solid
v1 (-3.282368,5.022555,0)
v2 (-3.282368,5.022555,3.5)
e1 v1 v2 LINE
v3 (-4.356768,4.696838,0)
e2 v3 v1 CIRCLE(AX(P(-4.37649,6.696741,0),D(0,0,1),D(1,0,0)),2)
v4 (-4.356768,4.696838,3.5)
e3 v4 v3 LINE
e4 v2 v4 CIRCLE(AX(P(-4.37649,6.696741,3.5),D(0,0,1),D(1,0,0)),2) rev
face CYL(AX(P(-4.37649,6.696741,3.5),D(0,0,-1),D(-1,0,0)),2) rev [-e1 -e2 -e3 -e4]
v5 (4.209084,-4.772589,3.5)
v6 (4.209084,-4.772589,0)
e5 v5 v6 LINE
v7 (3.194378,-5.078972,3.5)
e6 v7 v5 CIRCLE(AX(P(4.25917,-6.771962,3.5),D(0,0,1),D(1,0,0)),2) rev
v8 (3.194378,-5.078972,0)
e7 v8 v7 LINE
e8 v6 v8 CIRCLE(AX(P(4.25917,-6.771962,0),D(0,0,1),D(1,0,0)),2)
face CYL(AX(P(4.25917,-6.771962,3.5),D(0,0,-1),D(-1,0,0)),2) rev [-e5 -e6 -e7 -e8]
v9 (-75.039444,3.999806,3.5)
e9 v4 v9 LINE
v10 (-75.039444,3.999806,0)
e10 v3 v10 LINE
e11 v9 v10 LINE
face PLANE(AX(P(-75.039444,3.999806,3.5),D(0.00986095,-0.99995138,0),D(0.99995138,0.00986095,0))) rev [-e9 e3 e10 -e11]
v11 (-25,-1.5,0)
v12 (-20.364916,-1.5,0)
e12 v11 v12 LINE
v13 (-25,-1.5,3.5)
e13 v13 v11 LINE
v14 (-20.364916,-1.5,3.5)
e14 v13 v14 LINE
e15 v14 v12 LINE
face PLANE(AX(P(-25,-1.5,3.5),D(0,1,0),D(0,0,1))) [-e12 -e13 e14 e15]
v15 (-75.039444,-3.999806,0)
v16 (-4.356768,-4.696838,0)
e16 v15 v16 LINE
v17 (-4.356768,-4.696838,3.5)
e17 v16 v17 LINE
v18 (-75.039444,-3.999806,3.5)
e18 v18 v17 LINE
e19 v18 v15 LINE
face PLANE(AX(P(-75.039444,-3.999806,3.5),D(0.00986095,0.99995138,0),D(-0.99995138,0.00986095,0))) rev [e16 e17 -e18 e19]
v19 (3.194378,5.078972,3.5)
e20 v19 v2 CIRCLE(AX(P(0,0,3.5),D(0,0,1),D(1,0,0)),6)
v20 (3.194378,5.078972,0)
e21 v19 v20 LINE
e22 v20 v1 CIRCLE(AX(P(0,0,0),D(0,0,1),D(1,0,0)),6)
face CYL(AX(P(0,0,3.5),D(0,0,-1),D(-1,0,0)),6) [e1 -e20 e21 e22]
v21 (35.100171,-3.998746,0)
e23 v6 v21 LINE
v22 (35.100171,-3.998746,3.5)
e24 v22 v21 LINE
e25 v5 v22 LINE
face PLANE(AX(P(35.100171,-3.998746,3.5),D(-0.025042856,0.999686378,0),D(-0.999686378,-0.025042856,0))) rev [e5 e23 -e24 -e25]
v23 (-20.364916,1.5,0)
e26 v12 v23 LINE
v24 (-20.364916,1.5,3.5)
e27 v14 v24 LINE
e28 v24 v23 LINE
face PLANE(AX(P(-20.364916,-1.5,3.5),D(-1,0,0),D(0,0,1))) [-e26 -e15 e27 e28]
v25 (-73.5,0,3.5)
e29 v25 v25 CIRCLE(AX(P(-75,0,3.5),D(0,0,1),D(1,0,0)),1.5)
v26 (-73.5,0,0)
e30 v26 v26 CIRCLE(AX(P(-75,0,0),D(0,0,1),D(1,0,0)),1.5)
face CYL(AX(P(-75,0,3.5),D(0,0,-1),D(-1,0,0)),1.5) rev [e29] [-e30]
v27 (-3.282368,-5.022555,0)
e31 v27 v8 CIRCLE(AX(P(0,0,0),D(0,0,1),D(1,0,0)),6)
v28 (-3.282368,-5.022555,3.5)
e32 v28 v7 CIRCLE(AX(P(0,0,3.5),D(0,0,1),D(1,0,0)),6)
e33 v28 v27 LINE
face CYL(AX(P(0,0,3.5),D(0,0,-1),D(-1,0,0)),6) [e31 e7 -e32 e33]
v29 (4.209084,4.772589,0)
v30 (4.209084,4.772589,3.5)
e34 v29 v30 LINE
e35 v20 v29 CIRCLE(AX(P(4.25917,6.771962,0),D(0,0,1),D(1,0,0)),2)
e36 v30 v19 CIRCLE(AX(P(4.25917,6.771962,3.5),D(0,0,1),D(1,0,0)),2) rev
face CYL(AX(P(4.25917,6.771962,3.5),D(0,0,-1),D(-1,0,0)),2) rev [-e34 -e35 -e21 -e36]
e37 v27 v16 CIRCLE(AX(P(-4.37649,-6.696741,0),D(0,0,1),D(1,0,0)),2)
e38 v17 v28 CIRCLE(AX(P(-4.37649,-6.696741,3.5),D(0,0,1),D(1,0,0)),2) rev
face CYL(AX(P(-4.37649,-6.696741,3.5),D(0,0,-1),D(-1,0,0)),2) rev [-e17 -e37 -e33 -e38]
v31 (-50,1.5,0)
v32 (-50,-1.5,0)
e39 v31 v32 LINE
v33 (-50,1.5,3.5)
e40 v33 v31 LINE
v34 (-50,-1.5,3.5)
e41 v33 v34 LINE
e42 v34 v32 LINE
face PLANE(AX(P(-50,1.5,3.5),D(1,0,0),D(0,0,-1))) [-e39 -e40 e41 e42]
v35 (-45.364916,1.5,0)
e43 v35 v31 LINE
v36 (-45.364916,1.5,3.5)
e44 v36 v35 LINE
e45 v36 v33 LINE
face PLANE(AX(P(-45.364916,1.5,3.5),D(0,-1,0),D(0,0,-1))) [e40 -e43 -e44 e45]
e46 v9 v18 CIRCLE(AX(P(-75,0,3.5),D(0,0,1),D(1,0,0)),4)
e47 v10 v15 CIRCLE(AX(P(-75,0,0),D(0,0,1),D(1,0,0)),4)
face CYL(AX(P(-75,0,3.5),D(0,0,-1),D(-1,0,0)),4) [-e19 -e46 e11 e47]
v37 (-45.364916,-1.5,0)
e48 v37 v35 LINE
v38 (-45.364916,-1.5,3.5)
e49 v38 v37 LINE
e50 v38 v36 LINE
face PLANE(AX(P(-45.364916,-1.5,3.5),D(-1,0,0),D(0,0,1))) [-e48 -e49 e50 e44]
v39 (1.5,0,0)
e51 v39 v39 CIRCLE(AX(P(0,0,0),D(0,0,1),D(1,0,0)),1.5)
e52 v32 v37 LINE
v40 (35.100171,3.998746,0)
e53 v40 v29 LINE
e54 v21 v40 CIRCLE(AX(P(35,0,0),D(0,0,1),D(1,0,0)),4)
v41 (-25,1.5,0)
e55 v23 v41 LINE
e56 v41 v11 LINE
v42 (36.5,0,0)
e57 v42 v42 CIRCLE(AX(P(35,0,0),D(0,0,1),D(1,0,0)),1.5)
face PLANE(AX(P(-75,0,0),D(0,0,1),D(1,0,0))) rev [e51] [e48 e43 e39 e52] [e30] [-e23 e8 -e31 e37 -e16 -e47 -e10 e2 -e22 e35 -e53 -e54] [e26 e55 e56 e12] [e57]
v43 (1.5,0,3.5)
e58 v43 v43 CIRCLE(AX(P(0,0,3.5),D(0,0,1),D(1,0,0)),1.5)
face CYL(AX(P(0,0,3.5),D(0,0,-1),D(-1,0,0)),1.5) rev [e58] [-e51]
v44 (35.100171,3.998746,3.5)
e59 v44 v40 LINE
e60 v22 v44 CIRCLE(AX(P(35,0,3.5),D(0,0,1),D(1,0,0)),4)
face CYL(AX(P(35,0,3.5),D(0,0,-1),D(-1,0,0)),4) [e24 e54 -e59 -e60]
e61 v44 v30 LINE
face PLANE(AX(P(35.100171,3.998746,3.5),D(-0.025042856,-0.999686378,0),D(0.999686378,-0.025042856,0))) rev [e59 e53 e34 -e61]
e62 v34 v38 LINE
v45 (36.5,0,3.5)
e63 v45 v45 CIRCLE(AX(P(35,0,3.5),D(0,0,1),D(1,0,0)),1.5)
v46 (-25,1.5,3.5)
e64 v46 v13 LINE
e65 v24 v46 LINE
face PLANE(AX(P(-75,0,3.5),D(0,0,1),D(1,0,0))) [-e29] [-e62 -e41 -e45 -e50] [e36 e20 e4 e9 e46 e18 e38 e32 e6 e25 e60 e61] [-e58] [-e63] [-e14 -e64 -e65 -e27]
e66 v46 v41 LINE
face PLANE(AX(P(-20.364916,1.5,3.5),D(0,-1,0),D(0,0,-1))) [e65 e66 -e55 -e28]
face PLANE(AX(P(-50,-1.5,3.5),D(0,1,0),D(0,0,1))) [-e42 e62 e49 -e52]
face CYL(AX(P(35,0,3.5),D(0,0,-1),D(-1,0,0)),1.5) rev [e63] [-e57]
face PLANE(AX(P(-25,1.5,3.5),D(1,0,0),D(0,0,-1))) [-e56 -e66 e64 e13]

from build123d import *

# Parameters (mm, degrees)
SKETCH1_R           = 1.5
SKETCH1_W           = 4.635083662
SKETCH1_H           = 3
BOSS_EXTRUDE1_DEPTH = 3.5
FILLET1_R           = 2


with BuildPart() as part:
    # Sketch1 → Boss-Extrude1 (new body)
    with BuildSketch(Plane.XY):
        with BuildLine():
            Line((-75.039443802, 3.999805519), (-3.725751189, 4.703060501))
            ThreePointArc((-3.725751189, 4.703060501), (-0.06893841, 5.999603945), (3.616700782, 4.787428898))
            Line((3.616700782, 4.787428898), (35.100171426, 3.998745514))
            ThreePointArc((35.100171426, 3.998745514), (39, 0), (35.100171426, -3.998745514))
            Line((35.100171426, -3.998745514), (3.616700782, -4.787428898))
            ThreePointArc((3.616700782, -4.787428898), (-0.06893841, -5.999603945), (-3.725751189, -4.703060501))
            Line((-3.725751189, -4.703060501), (-75.039443802, -3.999805519))
            ThreePointArc((-75.039443802, -3.999805519), (-79, 0), (-75.039443802, 3.999805519))
        make_face()
        with Locations((-75, 0)):
            Circle(SKETCH1_R, mode=Mode.SUBTRACT)
        Circle(SKETCH1_R, mode=Mode.SUBTRACT)
        with Locations((35, 0)):
            Circle(SKETCH1_R, mode=Mode.SUBTRACT)
        with Locations((-22.682458169, 0)):
            Rectangle(SKETCH1_W, SKETCH1_H, mode=Mode.SUBTRACT)
        with Locations((-47.682458169, 0)):
            Rectangle(SKETCH1_W, SKETCH1_H, mode=Mode.SUBTRACT)
    extrude(amount=BOSS_EXTRUDE1_DEPTH)

    # Fillet1
    fillet1_edges = [part.edges().sort_by_distance(p)[0] for p in [
        (-3.725751189, 4.703060501, 1.75),
        (3.616700782, 4.787428898, 1.75),
        (3.616700782, -4.787428898, 1.75),
        (-3.725751189, -4.703060501, 1.75),
    ]]
    fillet(fillet1_edges, radius=FILLET1_R)


solid = part.part
